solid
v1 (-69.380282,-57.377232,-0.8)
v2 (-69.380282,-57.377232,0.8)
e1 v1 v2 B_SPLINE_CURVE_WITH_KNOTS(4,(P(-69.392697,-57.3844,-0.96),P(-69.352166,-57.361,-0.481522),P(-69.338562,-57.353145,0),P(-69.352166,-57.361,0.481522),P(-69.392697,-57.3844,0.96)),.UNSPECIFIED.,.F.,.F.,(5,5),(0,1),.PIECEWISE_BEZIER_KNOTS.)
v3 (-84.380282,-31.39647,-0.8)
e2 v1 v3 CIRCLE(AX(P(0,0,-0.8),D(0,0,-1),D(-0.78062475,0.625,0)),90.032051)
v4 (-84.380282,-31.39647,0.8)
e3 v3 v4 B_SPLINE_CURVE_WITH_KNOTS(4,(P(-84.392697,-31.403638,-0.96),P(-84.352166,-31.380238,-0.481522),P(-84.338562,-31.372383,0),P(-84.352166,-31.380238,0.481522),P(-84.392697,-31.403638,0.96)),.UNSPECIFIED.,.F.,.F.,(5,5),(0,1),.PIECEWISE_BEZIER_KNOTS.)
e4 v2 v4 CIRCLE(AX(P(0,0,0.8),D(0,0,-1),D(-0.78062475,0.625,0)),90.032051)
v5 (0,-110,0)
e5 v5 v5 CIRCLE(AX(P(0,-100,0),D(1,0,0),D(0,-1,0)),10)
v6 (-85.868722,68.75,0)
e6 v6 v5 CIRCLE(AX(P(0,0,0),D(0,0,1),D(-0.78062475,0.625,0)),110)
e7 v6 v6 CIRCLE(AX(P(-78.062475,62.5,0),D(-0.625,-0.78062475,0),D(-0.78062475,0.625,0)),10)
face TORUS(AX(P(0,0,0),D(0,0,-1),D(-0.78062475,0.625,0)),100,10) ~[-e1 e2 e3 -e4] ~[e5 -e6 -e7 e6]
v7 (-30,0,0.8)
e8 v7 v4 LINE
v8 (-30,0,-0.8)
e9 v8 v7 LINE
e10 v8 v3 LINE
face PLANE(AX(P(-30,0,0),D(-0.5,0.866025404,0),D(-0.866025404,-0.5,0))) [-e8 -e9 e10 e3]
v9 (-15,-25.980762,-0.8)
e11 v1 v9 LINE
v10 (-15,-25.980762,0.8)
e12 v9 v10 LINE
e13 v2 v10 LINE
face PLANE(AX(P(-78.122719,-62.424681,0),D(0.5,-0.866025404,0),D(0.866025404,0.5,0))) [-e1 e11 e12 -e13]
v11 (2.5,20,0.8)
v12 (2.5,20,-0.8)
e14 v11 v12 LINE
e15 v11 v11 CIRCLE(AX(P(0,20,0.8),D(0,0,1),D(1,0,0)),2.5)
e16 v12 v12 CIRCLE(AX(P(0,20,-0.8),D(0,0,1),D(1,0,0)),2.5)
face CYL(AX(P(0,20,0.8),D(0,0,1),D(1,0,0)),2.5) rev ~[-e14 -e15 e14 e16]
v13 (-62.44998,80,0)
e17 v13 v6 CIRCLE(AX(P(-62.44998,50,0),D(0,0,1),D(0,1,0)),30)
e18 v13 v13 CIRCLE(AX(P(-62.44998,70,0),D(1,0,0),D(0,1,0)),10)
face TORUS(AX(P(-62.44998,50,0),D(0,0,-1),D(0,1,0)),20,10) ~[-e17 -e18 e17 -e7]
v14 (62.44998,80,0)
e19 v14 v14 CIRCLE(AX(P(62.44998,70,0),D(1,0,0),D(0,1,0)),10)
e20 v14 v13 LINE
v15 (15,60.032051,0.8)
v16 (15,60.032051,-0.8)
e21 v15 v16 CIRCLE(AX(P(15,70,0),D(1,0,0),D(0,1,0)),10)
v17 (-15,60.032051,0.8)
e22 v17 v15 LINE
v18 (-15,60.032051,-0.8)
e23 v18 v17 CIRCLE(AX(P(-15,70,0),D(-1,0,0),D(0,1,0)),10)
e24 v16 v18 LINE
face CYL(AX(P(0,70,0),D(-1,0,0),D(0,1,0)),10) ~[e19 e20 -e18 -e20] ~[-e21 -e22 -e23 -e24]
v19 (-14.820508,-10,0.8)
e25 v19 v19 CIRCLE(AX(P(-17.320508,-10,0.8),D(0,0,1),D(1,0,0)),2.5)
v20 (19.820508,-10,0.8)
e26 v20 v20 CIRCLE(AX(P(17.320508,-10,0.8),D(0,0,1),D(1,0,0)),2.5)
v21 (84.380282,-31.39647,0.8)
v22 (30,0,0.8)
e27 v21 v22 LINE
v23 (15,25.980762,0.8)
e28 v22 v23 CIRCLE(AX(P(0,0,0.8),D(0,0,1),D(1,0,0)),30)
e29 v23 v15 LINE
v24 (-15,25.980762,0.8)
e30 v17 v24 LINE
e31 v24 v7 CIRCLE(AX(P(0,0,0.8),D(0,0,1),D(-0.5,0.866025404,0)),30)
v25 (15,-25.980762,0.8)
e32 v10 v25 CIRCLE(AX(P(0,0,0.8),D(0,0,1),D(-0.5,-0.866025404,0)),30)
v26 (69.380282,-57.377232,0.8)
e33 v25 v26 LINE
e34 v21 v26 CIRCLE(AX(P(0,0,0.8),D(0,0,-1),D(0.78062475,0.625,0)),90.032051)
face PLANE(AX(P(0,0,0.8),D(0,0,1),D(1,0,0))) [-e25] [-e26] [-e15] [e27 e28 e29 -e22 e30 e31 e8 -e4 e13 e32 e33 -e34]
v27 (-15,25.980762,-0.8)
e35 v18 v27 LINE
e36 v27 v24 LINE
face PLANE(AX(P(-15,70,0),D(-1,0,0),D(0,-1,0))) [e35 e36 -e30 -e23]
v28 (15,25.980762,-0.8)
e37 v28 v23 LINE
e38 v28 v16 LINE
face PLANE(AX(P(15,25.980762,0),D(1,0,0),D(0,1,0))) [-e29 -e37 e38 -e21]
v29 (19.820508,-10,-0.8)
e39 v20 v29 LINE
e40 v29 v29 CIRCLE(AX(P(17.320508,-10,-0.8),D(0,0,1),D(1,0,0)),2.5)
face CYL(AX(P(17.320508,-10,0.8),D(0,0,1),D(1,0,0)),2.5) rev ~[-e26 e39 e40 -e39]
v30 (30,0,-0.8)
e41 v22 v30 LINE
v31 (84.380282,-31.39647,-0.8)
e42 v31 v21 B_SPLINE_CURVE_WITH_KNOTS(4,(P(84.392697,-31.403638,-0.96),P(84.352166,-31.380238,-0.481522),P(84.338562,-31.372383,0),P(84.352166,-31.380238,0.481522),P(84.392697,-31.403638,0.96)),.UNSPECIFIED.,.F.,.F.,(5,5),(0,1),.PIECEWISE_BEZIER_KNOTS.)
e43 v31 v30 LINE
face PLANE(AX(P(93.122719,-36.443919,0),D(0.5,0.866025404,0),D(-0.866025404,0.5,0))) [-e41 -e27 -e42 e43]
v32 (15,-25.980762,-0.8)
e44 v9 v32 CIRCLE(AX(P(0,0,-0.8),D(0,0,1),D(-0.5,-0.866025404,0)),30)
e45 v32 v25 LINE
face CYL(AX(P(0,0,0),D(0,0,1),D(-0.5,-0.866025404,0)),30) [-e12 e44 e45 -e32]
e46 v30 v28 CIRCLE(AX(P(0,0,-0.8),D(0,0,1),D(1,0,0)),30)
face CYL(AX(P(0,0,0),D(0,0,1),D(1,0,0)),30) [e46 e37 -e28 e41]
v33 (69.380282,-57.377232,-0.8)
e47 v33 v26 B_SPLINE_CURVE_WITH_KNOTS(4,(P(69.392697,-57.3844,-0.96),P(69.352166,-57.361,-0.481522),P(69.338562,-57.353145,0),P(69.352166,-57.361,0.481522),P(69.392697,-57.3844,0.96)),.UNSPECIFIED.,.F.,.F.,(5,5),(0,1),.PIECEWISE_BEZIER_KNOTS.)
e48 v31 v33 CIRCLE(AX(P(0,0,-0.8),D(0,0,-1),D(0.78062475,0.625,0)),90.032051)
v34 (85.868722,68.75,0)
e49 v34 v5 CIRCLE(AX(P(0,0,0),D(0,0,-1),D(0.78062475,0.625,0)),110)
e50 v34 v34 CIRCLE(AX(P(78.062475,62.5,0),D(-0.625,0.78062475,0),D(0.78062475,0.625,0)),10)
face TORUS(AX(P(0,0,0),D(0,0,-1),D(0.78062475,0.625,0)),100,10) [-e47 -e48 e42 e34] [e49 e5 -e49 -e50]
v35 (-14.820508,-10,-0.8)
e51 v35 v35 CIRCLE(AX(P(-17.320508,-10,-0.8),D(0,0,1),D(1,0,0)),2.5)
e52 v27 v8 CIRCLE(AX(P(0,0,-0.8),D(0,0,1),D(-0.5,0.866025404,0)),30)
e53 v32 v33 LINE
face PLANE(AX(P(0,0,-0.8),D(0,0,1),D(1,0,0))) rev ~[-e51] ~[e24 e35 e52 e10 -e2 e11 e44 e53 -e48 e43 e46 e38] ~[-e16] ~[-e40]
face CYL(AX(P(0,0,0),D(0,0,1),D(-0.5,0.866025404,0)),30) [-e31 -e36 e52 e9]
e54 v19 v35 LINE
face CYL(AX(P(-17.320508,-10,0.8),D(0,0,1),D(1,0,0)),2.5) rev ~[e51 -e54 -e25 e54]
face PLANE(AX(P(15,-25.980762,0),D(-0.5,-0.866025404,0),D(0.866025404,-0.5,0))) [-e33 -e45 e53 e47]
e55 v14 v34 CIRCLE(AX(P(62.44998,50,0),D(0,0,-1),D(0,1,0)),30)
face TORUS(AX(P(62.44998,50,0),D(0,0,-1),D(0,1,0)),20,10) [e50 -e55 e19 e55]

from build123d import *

# Parameters (mm, degrees)
F1_DEPTH = 0.8
F2_R     = 2.5
F3_DEPTH = 1.601
F5_R     = 10


with BuildPart() as f1:
    # F0 (on Top) → F1 (new body, symmetric)
    with BuildSketch(Plane.XY):
        with BuildLine():
            ThreePointArc((15, -25.9807621135), (25.9807621135, -15), (30, 0))
            ThreePointArc((30, 0), (25.9807621135, 15), (15, 25.9807621135))
            ThreePointArc((15, 25.9807621135), (0, 30), (-15, 25.9807621135))
            ThreePointArc((-15, 25.9807621135), (-25.9807621135, 15), (-30, 0))
            ThreePointArc((-30, 0), (-25.9807621135, -15), (-15, -25.9807621135))
            ThreePointArc((-15, -25.9807621135), (0, -30), (15, -25.9807621135))
        make_face()
        with BuildLine():
            Line((93.1227189477, -36.4439187764), (30, 0))
            ThreePointArc((30, 0), (25.9807621135, -15), (15, -25.9807621135))
            Line((15, -25.9807621135), (78.1227189477, -62.42468089))
            Line((78.1227189477, -62.42468089), (93.1227189477, -36.4439187764))
        make_face()
        with BuildLine():
            ThreePointArc((-15, 25.9807621135), (0, 30), (15, 25.9807621135))
            Line((15, 25.9807621135), (15, 70))
            Line((15, 70), (-15, 70))
            Line((-15, 70), (-15, 25.9807621135))
        make_face()
        with BuildLine():
            Line((-78.1227189477, -62.42468089), (-15, -25.9807621135))
            ThreePointArc((-15, -25.9807621135), (-25.9807621135, -15), (-30, 0))
            Line((-30, 0), (-93.1227189477, -36.4439187764))
            Line((-93.1227189477, -36.4439187764), (-78.1227189477, -62.42468089))
        make_face()
    extrude(amount=F1_DEPTH, both=True)

    # F2 (on face) → F3 (cut, through all)
    with BuildSketch(Plane.XY.offset(0.8)):
        with Locations((0, 20)):
            Circle(F2_R)
        with Locations((-17.3205080757, -10)):
            Circle(F2_R)
        with Locations((17.3205080757, -10)):
            Circle(F2_R)
    extrude(amount=-F3_DEPTH, mode=Mode.SUBTRACT)



with BuildPart() as f6:
    # F6: sweep along a path in F4
    with BuildLine(Plane.XY) as f6_path:
        Line((0, 70), (62.449979984, 70))
        ThreePointArc((62.449979984, 70), (71.1102340218, 68.0277563773), (78.06247498, 62.5))
        ThreePointArc((78.06247498, 62.5), (90.1387818866, -43.3012701892), (0, -100))
    # F5 (on Right) → F6 (sweep)
    with BuildSketch(Plane.YZ):
        with Locations((70, 0)):
            Circle(F5_R)
    sweep(path=f6_path.line)


with BuildPart() as f1_1:
    add(f1.part)

    add(f6.part)  # F7 merges F6
    # F7: F6 across plane
    add(f6.part.mirror(Plane.YZ))


solid = f1_1.part
